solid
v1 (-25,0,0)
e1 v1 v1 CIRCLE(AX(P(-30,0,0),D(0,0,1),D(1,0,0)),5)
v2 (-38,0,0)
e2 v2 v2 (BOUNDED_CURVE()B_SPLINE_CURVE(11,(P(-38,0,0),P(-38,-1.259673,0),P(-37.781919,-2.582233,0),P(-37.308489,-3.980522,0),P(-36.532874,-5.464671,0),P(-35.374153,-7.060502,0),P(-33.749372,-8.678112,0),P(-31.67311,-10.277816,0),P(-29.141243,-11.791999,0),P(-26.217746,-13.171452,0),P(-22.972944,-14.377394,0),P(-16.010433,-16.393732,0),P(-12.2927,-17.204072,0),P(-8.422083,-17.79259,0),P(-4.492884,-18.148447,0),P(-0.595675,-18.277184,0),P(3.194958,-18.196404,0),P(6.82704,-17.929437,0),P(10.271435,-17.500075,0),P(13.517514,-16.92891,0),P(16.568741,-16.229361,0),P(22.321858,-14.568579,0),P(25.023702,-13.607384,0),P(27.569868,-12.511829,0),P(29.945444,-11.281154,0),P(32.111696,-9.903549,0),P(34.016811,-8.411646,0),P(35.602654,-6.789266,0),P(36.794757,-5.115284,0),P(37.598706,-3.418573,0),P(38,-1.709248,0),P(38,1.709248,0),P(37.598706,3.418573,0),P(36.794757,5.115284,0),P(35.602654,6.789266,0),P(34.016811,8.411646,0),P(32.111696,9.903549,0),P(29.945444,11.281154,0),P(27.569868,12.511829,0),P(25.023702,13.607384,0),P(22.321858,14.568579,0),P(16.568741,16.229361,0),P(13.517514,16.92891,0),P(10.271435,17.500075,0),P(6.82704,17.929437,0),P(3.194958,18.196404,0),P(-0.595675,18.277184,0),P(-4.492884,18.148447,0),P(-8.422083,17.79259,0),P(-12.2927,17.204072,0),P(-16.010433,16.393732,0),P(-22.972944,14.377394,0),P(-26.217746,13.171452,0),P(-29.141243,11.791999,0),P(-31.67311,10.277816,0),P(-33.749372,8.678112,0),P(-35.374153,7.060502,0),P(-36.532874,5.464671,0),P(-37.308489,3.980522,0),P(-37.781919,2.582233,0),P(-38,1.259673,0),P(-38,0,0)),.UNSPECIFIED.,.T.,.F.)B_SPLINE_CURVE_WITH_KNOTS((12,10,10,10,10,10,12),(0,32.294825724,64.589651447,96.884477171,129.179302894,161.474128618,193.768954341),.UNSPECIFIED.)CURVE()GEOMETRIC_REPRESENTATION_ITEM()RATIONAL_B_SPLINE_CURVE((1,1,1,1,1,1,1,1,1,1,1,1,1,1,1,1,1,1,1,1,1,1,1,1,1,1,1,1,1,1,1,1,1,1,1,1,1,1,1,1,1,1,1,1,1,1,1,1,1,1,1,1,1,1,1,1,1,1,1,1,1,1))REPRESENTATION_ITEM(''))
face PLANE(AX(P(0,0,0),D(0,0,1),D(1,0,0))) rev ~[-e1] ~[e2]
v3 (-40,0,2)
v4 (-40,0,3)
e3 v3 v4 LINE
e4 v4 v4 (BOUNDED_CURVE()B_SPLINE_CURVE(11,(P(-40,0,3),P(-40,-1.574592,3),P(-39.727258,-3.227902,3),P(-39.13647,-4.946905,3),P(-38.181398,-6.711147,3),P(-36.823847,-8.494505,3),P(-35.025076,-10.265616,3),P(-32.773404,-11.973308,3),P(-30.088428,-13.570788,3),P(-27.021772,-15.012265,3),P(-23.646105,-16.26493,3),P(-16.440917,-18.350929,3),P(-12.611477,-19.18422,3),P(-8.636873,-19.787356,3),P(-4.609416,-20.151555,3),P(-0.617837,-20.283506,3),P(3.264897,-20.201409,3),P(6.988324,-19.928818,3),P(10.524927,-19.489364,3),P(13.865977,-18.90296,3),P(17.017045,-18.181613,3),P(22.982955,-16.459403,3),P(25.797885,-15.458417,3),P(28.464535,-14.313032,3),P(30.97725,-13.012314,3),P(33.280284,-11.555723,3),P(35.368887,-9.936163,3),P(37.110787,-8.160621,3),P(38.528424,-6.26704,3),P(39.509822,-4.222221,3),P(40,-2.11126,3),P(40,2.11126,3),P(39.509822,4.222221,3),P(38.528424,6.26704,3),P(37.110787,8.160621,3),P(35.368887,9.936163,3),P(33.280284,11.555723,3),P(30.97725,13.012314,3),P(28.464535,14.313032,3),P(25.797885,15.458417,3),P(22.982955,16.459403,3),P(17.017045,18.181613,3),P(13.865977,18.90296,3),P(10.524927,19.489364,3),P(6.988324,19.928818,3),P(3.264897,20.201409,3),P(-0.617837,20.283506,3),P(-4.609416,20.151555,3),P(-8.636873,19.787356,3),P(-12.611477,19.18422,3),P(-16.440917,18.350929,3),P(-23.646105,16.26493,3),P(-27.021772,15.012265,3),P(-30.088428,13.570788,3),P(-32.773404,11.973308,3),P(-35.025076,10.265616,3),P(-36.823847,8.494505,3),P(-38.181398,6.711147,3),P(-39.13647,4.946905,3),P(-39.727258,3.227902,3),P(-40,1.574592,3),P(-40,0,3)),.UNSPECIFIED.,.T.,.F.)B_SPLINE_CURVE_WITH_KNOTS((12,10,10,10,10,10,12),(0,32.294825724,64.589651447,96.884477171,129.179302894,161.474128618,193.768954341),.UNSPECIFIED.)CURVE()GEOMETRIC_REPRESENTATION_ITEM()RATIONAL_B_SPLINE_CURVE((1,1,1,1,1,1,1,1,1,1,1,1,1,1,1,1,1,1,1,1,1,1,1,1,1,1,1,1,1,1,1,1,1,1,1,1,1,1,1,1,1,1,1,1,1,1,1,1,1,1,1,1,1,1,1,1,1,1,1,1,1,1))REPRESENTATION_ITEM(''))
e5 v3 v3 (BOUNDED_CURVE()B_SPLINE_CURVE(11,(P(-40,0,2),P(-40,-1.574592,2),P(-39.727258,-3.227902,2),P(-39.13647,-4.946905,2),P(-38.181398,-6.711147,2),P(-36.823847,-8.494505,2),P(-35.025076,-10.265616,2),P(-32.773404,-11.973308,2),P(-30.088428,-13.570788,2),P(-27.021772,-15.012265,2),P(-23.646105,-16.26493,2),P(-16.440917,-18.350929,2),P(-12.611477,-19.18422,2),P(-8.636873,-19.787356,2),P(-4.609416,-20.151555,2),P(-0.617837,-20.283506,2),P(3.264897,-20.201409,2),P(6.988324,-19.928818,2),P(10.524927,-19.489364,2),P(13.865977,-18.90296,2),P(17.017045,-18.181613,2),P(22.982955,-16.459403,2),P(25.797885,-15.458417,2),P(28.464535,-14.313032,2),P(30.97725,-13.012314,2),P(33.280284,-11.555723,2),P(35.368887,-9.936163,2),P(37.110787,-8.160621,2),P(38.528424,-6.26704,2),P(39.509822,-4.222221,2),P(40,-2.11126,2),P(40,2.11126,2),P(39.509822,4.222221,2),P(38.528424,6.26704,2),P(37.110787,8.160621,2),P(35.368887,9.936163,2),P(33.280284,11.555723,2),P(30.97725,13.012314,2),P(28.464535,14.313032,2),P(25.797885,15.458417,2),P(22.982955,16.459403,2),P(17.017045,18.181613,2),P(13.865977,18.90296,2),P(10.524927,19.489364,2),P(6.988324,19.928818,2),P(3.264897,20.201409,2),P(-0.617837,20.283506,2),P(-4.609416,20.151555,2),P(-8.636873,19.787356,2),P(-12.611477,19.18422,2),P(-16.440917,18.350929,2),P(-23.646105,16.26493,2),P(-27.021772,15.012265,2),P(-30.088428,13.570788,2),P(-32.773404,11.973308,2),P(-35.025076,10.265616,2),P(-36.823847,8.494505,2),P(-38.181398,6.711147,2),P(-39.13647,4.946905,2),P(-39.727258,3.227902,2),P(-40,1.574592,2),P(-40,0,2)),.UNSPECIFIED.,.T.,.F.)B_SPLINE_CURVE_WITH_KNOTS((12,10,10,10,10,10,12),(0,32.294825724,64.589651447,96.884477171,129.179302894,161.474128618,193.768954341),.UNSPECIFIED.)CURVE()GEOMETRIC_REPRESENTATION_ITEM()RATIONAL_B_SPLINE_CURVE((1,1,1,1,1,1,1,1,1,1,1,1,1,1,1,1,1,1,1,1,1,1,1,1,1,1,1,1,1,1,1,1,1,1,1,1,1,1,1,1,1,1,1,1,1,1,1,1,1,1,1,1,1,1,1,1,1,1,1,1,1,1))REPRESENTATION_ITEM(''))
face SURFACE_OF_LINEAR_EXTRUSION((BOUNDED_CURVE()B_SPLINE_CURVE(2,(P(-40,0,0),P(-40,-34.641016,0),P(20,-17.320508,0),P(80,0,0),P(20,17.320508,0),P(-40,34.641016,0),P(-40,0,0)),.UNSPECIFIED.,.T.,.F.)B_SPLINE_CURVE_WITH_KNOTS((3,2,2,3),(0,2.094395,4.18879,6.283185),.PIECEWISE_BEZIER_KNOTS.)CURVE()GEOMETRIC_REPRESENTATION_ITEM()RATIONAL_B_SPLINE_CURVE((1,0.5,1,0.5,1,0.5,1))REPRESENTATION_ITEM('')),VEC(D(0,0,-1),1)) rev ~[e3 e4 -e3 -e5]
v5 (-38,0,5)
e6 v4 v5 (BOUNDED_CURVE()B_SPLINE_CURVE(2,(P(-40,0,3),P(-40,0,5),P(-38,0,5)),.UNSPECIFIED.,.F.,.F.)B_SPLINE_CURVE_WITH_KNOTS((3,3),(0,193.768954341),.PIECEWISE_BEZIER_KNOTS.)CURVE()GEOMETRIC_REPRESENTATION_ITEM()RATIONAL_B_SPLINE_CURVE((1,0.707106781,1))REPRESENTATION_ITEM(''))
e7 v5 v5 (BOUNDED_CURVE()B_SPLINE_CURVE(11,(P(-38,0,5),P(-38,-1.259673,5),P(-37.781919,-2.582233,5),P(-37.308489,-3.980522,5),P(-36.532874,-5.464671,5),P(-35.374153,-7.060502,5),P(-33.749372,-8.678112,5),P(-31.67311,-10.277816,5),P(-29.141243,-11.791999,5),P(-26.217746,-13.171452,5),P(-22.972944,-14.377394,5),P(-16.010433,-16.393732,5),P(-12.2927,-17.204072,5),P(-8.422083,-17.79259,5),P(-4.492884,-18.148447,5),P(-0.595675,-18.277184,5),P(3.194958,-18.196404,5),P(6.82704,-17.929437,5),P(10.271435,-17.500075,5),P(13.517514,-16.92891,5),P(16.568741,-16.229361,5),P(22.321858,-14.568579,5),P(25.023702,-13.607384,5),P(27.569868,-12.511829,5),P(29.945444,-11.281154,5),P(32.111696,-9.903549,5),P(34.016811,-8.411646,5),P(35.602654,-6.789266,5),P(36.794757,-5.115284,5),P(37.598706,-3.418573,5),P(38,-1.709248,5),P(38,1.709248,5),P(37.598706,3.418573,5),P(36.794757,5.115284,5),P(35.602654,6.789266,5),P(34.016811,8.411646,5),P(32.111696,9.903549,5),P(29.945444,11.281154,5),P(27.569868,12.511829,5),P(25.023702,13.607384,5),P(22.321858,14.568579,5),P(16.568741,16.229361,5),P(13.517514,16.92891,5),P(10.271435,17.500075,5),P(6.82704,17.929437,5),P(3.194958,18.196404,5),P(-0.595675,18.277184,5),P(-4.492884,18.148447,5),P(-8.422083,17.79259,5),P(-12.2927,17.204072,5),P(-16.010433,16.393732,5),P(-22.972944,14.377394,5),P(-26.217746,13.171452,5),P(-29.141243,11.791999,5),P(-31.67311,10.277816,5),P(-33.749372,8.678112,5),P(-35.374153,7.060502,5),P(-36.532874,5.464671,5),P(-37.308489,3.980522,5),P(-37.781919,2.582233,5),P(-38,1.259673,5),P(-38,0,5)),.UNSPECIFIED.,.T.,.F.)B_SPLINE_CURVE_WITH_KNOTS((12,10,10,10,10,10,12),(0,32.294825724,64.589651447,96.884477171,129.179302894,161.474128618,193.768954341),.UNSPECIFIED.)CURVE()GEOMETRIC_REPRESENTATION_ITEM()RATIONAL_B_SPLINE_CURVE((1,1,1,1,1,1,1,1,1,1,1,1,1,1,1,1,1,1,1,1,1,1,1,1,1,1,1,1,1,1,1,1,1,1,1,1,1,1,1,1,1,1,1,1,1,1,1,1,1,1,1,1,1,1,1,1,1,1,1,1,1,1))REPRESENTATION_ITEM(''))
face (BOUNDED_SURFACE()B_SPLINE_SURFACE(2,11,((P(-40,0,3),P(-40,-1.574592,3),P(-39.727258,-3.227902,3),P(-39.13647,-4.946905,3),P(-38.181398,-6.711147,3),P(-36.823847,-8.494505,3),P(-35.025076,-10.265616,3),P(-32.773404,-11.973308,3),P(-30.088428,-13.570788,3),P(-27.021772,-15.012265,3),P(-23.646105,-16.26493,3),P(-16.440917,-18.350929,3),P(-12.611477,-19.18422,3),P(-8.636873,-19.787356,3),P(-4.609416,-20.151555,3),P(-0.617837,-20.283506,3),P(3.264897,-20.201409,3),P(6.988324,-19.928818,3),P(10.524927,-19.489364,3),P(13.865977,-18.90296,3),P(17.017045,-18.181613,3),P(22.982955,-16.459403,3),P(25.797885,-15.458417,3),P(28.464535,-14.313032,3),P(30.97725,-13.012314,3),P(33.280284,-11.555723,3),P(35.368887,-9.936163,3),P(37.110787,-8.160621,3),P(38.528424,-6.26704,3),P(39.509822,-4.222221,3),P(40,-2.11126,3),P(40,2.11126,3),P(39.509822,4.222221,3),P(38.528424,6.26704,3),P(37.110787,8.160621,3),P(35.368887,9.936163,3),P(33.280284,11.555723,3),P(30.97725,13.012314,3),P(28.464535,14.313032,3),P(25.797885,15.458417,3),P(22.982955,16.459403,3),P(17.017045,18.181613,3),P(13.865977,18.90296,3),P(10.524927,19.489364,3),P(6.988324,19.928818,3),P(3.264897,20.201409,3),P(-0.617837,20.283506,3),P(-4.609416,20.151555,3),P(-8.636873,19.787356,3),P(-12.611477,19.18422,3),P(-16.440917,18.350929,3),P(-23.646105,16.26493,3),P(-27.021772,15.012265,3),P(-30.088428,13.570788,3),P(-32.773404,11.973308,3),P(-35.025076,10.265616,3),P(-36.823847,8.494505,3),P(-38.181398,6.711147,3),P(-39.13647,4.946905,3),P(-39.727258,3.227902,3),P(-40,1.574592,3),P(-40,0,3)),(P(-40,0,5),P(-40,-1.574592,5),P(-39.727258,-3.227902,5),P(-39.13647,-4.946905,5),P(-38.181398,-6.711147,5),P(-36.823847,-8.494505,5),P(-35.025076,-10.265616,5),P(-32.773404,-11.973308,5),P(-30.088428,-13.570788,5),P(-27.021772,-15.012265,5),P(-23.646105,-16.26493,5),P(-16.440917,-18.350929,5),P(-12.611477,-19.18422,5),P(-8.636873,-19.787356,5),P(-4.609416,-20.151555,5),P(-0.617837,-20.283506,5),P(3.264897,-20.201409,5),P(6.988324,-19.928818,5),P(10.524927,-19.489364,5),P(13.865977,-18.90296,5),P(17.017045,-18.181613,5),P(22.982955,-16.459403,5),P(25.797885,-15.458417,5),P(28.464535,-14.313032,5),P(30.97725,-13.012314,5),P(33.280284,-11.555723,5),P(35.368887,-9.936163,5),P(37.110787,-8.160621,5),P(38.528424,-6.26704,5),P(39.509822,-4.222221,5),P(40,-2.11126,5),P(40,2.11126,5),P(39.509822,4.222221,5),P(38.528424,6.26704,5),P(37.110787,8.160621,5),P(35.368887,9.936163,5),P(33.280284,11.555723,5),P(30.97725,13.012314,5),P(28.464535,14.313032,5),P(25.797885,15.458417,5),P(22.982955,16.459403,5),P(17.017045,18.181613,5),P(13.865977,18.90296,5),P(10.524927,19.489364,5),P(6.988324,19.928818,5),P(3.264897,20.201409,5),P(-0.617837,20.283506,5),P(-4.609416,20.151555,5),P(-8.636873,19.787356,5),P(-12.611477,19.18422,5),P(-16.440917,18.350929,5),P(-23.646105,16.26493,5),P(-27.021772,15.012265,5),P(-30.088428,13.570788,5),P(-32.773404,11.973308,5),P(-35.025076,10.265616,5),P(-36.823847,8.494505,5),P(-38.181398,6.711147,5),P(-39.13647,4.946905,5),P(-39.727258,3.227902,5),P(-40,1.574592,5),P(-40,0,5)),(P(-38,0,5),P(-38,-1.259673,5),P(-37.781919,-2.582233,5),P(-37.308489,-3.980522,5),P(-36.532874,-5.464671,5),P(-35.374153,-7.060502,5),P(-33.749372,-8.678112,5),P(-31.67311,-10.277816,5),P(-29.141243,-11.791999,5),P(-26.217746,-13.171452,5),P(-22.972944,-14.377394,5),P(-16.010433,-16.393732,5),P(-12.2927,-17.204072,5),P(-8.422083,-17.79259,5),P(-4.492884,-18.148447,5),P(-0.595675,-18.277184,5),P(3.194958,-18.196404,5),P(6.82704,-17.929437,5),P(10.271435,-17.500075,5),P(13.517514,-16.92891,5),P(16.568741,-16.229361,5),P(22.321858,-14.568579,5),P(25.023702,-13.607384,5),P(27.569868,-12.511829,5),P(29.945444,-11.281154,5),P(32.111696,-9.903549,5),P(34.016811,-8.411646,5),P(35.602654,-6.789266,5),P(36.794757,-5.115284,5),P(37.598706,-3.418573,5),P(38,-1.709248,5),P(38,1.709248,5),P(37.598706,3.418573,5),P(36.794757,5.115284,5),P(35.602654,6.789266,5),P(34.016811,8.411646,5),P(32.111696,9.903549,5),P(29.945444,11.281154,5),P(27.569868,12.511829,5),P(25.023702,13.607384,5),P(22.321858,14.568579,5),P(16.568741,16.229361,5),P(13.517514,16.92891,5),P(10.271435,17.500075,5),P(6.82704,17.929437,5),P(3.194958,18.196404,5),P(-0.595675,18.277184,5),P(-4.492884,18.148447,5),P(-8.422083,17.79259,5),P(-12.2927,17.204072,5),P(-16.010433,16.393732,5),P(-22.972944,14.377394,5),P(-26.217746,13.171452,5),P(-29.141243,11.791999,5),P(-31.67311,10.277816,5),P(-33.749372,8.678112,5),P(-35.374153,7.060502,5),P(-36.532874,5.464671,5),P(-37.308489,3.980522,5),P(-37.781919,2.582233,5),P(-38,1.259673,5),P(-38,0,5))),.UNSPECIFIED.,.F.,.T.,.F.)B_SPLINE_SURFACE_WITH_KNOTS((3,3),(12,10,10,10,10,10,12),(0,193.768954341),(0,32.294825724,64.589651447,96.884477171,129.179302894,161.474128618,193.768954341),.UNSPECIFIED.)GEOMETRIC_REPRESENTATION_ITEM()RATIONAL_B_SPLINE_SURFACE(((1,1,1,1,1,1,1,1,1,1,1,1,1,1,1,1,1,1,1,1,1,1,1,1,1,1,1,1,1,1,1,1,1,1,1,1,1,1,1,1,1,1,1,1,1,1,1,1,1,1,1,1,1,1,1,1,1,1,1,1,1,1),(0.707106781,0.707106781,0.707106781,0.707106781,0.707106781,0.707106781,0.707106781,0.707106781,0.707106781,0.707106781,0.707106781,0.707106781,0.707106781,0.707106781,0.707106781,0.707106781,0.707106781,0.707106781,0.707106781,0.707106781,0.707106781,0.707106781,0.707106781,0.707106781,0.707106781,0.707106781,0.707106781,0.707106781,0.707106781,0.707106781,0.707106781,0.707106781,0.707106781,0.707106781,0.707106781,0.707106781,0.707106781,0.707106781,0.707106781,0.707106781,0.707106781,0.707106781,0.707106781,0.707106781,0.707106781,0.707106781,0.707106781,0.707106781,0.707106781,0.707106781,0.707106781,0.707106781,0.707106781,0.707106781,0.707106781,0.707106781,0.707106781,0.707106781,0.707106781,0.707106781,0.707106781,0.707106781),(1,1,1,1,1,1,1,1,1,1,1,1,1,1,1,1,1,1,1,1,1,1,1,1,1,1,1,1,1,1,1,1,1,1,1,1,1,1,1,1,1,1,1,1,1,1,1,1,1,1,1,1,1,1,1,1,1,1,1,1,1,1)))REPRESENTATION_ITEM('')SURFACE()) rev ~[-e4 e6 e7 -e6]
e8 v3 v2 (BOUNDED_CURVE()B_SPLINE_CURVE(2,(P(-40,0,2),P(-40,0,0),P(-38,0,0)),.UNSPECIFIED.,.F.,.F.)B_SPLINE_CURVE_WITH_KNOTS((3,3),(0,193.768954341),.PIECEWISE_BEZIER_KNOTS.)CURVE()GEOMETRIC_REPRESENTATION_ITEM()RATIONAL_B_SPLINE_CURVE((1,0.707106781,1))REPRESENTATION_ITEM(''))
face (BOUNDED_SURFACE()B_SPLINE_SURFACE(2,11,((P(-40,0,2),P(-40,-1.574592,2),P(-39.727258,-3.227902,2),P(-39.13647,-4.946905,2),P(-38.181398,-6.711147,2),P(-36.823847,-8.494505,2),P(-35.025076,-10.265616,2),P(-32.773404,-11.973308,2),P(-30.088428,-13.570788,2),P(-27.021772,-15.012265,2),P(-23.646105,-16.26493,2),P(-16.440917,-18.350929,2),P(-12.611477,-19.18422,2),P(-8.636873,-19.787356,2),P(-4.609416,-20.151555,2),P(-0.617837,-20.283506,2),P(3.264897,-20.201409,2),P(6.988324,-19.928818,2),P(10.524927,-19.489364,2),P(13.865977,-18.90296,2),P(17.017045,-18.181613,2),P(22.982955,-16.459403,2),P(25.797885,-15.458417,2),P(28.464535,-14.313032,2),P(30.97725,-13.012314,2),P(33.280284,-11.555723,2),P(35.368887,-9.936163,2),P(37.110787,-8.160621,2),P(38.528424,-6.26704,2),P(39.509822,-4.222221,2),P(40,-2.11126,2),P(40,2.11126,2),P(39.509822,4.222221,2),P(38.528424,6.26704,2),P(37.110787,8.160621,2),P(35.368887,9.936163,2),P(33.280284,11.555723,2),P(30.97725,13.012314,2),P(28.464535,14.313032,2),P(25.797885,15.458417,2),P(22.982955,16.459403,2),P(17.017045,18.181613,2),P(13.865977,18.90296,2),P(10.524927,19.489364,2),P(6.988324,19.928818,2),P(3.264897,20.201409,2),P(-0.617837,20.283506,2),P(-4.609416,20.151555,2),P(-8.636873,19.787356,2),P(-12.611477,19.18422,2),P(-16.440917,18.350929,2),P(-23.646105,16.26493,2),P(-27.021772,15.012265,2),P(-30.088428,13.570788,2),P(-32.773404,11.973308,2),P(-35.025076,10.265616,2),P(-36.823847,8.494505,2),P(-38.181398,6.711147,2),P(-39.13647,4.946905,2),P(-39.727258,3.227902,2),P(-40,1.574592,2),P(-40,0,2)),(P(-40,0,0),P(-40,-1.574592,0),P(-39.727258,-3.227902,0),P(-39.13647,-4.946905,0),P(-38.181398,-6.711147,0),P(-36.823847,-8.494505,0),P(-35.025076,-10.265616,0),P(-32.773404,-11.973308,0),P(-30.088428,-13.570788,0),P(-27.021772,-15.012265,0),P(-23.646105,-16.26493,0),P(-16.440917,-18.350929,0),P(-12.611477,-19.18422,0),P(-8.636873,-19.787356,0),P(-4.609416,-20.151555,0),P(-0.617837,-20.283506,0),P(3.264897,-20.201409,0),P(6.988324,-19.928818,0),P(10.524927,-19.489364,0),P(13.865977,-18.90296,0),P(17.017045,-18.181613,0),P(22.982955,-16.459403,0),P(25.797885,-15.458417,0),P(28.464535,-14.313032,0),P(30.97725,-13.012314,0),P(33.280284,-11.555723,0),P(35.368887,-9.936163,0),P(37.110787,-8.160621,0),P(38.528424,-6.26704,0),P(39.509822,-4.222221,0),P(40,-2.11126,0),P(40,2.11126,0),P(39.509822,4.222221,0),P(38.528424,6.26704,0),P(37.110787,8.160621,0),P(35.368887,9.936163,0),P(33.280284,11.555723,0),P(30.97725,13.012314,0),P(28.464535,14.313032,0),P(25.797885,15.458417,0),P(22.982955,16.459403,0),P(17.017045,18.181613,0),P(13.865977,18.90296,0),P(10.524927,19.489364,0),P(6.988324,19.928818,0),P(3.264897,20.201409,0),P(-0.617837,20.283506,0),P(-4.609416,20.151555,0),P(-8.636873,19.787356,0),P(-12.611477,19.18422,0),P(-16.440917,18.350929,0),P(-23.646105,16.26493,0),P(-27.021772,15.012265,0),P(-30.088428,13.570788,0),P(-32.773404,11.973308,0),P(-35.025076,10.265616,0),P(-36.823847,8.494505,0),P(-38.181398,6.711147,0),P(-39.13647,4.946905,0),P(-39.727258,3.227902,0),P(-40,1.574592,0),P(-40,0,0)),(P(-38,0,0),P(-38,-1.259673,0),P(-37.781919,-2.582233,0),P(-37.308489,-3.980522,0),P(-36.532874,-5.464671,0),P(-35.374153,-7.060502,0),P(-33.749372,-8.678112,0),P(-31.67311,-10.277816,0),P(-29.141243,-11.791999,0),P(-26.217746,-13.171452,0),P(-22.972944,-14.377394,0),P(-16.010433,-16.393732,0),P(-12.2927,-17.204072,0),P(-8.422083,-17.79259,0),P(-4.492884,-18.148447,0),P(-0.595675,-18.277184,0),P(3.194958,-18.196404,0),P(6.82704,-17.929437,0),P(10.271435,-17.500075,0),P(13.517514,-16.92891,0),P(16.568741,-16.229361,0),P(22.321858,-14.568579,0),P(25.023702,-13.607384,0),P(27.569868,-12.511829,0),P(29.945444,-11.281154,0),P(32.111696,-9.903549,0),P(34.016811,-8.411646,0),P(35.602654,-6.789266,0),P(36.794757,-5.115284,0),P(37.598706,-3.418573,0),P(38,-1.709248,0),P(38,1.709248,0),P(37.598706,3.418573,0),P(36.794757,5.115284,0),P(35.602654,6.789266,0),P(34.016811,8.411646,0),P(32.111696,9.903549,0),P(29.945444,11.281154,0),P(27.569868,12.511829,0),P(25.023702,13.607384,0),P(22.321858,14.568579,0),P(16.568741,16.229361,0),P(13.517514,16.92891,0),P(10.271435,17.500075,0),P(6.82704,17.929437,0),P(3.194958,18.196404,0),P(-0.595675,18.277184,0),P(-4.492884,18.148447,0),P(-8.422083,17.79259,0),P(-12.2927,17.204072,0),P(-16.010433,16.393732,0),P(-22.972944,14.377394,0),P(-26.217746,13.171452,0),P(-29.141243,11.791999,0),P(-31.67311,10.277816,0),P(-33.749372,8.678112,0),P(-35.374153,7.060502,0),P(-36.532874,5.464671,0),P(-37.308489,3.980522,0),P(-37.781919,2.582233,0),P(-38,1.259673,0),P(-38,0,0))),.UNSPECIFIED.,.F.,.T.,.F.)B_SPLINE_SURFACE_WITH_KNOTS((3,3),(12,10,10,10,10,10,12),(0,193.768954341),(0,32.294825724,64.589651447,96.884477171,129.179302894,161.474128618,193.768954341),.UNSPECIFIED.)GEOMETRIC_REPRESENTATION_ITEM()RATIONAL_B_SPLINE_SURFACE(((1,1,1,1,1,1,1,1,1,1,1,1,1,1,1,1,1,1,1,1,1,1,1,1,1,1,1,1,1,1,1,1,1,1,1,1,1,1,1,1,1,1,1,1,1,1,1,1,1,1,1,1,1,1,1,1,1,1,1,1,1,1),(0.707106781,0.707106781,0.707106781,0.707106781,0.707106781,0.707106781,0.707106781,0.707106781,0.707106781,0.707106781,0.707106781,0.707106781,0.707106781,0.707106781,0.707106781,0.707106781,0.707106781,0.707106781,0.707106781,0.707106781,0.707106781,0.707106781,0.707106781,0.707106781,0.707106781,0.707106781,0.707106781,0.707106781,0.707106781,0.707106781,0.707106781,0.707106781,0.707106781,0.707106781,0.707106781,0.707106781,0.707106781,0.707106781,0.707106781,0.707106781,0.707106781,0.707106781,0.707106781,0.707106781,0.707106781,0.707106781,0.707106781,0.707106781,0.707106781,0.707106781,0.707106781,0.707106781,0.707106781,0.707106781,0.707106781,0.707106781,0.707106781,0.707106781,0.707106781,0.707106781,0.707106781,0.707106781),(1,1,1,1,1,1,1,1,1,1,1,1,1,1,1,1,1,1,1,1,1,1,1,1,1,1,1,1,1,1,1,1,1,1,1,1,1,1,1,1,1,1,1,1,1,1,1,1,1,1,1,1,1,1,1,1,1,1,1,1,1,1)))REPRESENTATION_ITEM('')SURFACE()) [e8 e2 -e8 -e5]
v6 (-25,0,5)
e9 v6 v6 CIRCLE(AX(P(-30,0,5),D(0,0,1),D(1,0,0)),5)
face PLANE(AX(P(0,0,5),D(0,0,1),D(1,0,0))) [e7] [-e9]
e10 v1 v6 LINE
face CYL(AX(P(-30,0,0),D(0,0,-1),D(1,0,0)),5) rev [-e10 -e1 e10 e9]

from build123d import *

# Parameters (mm, degrees)
F0_R     = 5
F1_DEPTH = 5
F2_R     = 2


with BuildPart() as f1:
    # F0 (on Top) → F1 (new body)
    with BuildSketch(Plane.XY):
        with BuildLine():
            add(Edge.make_bspline(
                [(-40, 0), (-40, -34.641016), (20, -17.320508), (80, 0), (20, 17.320508), (-40, 34.641016), (-40, 0)],
                knots=[0, 0, 0, 2.094395, 2.094395, 4.18879, 4.18879, 6.283185, 6.283185, 6.283185], degree=2, weights=[1, 0.5, 1, 0.5, 1, 0.5, 1]))
        make_face()
        with Locations((-30, 0)):
            Circle(F0_R, mode=Mode.SUBTRACT)
    extrude(amount=F1_DEPTH)

    # F2
    f2_edges = [f1.edges().sort_by_distance(p)[0] for p in [
        (40, -5e-06, 5),
        (40, -5e-06, 0),
    ]]
    fillet(f2_edges, radius=F2_R)


solid = f1.part
